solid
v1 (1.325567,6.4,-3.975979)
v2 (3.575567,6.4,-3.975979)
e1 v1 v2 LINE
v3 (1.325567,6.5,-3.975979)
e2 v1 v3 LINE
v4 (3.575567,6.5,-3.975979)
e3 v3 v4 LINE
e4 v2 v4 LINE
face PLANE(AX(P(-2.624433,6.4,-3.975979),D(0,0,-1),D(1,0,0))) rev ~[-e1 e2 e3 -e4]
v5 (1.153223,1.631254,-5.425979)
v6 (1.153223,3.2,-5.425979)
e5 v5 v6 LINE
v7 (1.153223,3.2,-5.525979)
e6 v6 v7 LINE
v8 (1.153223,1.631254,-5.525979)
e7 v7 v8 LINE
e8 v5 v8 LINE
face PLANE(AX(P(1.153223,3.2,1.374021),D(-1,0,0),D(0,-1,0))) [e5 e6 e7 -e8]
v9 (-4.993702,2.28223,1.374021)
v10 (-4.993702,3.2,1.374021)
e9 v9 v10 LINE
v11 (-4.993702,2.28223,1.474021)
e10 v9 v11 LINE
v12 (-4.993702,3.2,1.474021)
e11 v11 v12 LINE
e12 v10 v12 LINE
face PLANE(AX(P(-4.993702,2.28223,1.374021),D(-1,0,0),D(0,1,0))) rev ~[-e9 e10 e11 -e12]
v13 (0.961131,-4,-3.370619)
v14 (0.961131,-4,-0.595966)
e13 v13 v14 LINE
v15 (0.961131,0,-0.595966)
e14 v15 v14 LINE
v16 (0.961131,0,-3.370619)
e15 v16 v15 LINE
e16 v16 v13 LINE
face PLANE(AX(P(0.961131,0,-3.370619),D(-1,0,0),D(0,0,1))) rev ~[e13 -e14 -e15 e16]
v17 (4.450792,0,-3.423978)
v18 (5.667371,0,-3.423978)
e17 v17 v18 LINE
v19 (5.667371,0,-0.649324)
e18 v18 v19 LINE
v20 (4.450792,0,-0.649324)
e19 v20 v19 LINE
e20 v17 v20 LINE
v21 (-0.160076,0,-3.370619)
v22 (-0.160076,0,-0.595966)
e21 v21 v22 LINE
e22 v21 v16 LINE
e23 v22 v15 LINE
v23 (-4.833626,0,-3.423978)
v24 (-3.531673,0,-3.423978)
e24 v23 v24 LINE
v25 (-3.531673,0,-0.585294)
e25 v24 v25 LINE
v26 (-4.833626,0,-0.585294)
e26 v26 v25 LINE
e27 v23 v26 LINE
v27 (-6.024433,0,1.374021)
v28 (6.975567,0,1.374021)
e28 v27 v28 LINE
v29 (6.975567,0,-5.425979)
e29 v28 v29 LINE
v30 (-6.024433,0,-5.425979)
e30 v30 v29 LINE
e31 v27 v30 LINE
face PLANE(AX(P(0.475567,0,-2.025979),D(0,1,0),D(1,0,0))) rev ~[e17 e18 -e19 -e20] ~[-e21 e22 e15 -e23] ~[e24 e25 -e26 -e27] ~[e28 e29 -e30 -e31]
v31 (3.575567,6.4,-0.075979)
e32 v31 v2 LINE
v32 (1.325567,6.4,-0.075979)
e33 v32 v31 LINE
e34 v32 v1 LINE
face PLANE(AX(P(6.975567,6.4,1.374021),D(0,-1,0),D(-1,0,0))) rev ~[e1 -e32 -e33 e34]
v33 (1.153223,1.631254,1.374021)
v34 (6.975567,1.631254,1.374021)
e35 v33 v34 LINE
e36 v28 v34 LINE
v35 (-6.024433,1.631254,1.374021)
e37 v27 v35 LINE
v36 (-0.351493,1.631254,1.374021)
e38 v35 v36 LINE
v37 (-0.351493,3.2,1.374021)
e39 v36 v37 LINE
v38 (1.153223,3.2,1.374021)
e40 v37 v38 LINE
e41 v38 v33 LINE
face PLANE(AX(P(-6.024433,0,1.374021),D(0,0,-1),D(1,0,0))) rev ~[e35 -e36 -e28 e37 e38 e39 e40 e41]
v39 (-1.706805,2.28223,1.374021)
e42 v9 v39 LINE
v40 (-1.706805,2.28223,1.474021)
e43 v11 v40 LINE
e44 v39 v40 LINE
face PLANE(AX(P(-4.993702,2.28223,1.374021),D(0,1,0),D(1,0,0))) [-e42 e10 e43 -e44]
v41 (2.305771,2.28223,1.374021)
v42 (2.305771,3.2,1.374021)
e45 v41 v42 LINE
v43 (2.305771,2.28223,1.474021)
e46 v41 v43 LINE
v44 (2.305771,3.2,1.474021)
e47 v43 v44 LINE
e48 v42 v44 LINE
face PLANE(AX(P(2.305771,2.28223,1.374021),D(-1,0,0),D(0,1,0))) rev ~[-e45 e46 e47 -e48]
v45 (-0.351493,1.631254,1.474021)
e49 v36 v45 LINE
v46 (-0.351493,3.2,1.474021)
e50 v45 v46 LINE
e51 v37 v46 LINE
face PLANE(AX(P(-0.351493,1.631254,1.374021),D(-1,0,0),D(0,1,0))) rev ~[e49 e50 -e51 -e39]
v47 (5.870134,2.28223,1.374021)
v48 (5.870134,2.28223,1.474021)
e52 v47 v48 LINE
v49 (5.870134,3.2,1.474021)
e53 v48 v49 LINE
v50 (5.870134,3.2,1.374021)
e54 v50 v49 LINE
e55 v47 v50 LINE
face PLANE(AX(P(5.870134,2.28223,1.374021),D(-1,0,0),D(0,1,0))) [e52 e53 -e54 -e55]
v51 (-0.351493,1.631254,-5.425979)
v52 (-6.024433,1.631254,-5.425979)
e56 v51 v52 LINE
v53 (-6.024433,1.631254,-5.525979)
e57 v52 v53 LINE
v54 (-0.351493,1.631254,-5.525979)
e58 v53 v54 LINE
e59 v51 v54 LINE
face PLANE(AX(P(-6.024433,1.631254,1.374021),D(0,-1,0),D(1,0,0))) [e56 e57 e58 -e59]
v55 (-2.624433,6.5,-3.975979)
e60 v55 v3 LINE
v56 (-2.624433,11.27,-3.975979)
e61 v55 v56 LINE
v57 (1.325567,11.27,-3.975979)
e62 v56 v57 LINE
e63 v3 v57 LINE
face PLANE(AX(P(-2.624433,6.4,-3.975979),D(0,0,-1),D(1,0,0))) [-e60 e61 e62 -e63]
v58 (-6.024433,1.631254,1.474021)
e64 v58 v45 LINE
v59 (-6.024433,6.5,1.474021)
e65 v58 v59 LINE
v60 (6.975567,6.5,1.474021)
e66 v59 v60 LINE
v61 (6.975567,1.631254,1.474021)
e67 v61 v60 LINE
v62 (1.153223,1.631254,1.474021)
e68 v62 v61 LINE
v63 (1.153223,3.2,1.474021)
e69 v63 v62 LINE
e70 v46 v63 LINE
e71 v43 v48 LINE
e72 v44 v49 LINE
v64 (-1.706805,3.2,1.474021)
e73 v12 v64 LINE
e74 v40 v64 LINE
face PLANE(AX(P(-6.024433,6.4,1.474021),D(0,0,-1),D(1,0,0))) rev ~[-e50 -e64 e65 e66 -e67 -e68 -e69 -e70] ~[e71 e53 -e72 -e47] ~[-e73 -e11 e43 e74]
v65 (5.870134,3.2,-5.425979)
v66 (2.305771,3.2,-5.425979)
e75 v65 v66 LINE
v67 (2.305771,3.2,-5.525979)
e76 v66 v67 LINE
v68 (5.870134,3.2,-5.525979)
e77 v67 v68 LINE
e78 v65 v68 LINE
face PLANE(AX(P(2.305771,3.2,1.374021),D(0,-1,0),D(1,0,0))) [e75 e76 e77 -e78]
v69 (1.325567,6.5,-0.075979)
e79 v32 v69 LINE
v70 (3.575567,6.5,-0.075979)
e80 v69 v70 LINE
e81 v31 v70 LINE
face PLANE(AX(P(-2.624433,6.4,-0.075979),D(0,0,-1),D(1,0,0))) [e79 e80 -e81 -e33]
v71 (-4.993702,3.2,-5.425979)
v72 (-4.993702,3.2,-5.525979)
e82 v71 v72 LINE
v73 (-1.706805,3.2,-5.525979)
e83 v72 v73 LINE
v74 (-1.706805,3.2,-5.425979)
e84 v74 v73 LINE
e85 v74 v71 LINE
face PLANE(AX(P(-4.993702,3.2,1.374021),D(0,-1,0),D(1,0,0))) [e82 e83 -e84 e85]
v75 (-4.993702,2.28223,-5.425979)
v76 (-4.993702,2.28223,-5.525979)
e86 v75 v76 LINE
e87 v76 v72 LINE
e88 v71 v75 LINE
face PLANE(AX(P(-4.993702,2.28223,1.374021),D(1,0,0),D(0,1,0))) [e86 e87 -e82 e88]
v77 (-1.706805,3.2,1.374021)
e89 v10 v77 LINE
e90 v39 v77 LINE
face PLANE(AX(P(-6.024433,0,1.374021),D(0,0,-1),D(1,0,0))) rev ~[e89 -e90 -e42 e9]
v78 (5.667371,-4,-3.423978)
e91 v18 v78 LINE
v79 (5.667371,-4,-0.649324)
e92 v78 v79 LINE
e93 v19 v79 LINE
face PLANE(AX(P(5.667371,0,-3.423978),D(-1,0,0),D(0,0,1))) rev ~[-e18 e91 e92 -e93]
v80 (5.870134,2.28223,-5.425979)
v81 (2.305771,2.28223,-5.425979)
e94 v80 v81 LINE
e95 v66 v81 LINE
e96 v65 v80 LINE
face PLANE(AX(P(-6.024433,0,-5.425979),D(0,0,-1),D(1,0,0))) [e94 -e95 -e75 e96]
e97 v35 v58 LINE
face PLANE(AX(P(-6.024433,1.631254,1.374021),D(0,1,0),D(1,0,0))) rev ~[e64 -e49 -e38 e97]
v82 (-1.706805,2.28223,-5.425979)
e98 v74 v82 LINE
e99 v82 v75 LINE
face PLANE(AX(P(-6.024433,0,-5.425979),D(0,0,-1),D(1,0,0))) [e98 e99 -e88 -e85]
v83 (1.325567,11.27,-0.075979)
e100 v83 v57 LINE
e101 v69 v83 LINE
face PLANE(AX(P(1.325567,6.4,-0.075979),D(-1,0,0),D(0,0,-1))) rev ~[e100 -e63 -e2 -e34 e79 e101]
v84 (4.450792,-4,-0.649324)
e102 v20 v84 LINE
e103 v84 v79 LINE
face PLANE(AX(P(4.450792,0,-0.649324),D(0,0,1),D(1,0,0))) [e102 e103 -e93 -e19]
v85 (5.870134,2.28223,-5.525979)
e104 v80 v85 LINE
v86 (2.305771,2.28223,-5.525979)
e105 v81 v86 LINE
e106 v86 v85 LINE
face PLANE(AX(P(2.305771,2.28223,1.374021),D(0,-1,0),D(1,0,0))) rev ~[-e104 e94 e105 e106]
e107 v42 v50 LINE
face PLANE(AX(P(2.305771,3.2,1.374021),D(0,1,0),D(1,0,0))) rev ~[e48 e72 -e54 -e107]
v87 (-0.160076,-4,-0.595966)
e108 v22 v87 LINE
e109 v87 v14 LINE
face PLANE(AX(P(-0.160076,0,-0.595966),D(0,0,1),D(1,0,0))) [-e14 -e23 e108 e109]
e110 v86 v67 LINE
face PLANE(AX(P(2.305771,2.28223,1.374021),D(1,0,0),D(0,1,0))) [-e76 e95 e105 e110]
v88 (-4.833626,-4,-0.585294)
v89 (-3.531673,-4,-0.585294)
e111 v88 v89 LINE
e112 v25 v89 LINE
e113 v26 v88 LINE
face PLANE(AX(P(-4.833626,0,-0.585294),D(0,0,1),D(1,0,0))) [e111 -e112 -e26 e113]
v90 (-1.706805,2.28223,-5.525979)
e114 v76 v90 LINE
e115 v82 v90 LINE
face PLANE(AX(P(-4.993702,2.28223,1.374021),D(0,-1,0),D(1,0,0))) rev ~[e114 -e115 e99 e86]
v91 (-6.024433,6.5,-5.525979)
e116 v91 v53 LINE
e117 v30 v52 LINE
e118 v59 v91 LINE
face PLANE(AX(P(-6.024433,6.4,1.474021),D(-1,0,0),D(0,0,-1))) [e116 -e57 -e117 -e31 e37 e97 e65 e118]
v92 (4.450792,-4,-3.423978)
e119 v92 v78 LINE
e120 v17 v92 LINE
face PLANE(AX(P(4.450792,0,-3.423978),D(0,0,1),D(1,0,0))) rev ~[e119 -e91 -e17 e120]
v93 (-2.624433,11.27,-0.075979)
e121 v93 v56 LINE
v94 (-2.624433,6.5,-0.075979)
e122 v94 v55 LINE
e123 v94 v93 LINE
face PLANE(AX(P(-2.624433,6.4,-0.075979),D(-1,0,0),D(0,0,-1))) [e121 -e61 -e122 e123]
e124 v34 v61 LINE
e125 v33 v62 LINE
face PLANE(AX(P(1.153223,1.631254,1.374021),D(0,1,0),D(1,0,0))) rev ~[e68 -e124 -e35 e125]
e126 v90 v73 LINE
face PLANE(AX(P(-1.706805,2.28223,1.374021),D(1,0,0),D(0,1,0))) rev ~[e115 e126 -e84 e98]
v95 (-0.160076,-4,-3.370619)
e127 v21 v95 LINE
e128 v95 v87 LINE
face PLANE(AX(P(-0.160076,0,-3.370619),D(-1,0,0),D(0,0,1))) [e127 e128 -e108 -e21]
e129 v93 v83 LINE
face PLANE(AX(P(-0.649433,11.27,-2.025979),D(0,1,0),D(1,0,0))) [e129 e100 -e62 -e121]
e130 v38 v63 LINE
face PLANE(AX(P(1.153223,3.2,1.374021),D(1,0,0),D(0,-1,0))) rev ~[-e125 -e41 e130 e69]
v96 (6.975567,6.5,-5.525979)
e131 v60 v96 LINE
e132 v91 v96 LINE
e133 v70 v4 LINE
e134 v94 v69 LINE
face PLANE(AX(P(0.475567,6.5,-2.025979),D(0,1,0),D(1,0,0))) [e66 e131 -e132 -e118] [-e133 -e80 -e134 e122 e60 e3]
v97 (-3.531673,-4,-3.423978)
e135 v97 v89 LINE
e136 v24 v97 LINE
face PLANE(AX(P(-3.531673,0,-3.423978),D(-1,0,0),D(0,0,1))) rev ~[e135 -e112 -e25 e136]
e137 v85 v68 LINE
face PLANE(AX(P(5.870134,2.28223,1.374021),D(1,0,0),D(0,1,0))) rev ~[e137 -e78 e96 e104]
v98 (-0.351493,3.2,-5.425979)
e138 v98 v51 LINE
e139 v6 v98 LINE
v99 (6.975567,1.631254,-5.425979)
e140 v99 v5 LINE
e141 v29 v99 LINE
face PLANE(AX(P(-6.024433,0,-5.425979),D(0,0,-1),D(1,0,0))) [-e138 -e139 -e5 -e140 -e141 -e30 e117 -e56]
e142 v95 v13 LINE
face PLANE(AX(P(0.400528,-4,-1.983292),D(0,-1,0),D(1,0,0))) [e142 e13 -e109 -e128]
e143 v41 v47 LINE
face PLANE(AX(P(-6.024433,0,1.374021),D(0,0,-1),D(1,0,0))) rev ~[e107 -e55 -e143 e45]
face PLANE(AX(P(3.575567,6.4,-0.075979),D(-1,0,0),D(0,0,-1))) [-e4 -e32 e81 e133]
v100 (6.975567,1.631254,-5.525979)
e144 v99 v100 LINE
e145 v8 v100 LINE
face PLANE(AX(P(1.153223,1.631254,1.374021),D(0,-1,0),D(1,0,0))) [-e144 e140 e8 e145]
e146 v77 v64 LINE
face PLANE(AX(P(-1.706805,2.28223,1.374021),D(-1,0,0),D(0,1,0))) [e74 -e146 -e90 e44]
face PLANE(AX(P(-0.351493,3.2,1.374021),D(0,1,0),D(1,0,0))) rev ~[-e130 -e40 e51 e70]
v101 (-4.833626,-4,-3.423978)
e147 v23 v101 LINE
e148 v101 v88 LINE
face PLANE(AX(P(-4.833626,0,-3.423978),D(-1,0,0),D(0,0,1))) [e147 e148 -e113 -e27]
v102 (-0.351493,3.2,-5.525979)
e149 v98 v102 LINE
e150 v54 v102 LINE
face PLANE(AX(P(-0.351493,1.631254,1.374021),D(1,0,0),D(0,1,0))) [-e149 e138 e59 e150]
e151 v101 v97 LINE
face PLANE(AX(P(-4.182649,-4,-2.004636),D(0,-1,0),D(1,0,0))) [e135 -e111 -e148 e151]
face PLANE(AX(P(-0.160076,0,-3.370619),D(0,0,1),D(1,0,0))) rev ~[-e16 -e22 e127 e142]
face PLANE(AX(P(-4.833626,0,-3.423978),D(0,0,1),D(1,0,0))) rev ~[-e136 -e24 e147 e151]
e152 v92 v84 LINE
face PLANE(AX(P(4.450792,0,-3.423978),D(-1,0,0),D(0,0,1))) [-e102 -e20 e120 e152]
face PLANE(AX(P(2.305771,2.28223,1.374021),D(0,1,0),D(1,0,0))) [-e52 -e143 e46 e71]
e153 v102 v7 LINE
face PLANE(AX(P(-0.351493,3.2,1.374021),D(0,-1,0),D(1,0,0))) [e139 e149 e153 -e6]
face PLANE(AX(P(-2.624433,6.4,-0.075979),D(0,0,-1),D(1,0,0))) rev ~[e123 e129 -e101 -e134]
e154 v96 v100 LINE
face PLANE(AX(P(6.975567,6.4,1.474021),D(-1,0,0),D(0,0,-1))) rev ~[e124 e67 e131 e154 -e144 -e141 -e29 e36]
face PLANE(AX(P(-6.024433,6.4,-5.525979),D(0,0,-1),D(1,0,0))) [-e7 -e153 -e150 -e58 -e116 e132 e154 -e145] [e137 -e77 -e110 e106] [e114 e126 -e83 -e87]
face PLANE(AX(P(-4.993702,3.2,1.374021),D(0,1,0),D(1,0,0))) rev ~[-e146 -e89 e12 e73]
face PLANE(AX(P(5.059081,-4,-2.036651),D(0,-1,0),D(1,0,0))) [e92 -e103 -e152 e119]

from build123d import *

# Parameters (mm, degrees)
SKETCH1_W                = 13
SKETCH1_H                = 6.8
BOSS_EXTRUDE1_DEPTH      = 6.4
SKETCH2_W                = 3.286897276
SKETCH2_H                = 0.917770019
SKETCH2_W_2              = 3.564362631
BOSS_EXTRUDE2_DEPTH      = 0.1
BOSS_EXTRUDE2_DEPTH_BACK = 6.9
SKETCH3_W                = 13
SKETCH3_H                = 7
SKETCH3_W_2              = 6.2
SKETCH3_H_2              = 3.9
BOSS_EXTRUDE3_DEPTH      = 0.1
SKETCH4_W                = 3.95
SKETCH4_H                = 3.9
BOSS_EXTRUDE4_DEPTH      = 4.87
SKETCH5_W                = 1.121207547
SKETCH5_H                = 2.774653545
SKETCH5_W_2              = 1.301952817
SKETCH5_H_2              = 2.838684011
SKETCH5_W_3              = 1.216578862
BOSS_EXTRUDE5_DEPTH      = 4


with BuildPart() as part:
    # Sketch1 → Boss-Extrude1 (new body)
    with BuildSketch(Plane(origin=(0, 0, 0), x_dir=(1, 0, 0), z_dir=(0, 1, 0))):
        with Locations((0.47556701, 2.025979381)):
            Rectangle(SKETCH1_W, SKETCH1_H)
    extrude(amount=BOSS_EXTRUDE1_DEPTH)

    # Sketch2 → Boss-Extrude2 (add, two sides)
    with BuildSketch(Plane.XY.offset(1.374020619)) as boss_extrude2_sk:
        Polygon((6.97556701, 6.4), (-6.02443299, 6.4), (-6.02443299, 1.631253573), (-0.351493181, 1.631253573), (-0.351493181, 3.2), (1.15322278, 3.2), (1.15322278, 1.631253573), (6.97556701, 1.631253573), align=None)
        with Locations((-3.350253358, 2.74111499)):
            Rectangle(SKETCH2_W, SKETCH2_H, mode=Mode.SUBTRACT)
        with Locations((4.087952491, 2.74111499)):
            Rectangle(SKETCH2_W_2, SKETCH2_H, mode=Mode.SUBTRACT)
    extrude(amount=BOSS_EXTRUDE2_DEPTH)
    extrude(boss_extrude2_sk.sketch, amount=-BOSS_EXTRUDE2_DEPTH_BACK)

    # Sketch3 → Boss-Extrude3 (add)
    with BuildSketch(Plane(origin=(0, 6.4, 0), x_dir=(1, 0, 0), z_dir=(0, 1, 0))):
        with Locations((0.47556701, 2.025979381)):
            Rectangle(SKETCH3_W, SKETCH3_H)
        with Locations((0.47556701, 2.025979381)):
            Rectangle(SKETCH3_W_2, SKETCH3_H_2, mode=Mode.SUBTRACT)
    extrude(amount=BOSS_EXTRUDE3_DEPTH)

    # Sketch4 → Boss-Extrude4 (add)
    with BuildSketch(Plane(origin=(0, 6.4, 0), x_dir=(1, 0, 0), z_dir=(0, 1, 0))):
        with Locations((-0.64943299, 2.025979381)):
            Rectangle(SKETCH4_W, SKETCH4_H)
    extrude(amount=BOSS_EXTRUDE4_DEPTH)

    # Sketch5 → Boss-Extrude5 (add)
    with BuildSketch(Plane.XZ):
        with Locations((0.400527608, -1.983292404)):
            Rectangle(SKETCH5_W, SKETCH5_H)
        with Locations((-4.182649421, -2.004635893)):
            Rectangle(SKETCH5_W_2, SKETCH5_H_2)
        with Locations((5.059081231, -2.036651126)):
            Rectangle(SKETCH5_W_3, SKETCH5_H)
    extrude(amount=BOSS_EXTRUDE5_DEPTH)


solid = part.part
